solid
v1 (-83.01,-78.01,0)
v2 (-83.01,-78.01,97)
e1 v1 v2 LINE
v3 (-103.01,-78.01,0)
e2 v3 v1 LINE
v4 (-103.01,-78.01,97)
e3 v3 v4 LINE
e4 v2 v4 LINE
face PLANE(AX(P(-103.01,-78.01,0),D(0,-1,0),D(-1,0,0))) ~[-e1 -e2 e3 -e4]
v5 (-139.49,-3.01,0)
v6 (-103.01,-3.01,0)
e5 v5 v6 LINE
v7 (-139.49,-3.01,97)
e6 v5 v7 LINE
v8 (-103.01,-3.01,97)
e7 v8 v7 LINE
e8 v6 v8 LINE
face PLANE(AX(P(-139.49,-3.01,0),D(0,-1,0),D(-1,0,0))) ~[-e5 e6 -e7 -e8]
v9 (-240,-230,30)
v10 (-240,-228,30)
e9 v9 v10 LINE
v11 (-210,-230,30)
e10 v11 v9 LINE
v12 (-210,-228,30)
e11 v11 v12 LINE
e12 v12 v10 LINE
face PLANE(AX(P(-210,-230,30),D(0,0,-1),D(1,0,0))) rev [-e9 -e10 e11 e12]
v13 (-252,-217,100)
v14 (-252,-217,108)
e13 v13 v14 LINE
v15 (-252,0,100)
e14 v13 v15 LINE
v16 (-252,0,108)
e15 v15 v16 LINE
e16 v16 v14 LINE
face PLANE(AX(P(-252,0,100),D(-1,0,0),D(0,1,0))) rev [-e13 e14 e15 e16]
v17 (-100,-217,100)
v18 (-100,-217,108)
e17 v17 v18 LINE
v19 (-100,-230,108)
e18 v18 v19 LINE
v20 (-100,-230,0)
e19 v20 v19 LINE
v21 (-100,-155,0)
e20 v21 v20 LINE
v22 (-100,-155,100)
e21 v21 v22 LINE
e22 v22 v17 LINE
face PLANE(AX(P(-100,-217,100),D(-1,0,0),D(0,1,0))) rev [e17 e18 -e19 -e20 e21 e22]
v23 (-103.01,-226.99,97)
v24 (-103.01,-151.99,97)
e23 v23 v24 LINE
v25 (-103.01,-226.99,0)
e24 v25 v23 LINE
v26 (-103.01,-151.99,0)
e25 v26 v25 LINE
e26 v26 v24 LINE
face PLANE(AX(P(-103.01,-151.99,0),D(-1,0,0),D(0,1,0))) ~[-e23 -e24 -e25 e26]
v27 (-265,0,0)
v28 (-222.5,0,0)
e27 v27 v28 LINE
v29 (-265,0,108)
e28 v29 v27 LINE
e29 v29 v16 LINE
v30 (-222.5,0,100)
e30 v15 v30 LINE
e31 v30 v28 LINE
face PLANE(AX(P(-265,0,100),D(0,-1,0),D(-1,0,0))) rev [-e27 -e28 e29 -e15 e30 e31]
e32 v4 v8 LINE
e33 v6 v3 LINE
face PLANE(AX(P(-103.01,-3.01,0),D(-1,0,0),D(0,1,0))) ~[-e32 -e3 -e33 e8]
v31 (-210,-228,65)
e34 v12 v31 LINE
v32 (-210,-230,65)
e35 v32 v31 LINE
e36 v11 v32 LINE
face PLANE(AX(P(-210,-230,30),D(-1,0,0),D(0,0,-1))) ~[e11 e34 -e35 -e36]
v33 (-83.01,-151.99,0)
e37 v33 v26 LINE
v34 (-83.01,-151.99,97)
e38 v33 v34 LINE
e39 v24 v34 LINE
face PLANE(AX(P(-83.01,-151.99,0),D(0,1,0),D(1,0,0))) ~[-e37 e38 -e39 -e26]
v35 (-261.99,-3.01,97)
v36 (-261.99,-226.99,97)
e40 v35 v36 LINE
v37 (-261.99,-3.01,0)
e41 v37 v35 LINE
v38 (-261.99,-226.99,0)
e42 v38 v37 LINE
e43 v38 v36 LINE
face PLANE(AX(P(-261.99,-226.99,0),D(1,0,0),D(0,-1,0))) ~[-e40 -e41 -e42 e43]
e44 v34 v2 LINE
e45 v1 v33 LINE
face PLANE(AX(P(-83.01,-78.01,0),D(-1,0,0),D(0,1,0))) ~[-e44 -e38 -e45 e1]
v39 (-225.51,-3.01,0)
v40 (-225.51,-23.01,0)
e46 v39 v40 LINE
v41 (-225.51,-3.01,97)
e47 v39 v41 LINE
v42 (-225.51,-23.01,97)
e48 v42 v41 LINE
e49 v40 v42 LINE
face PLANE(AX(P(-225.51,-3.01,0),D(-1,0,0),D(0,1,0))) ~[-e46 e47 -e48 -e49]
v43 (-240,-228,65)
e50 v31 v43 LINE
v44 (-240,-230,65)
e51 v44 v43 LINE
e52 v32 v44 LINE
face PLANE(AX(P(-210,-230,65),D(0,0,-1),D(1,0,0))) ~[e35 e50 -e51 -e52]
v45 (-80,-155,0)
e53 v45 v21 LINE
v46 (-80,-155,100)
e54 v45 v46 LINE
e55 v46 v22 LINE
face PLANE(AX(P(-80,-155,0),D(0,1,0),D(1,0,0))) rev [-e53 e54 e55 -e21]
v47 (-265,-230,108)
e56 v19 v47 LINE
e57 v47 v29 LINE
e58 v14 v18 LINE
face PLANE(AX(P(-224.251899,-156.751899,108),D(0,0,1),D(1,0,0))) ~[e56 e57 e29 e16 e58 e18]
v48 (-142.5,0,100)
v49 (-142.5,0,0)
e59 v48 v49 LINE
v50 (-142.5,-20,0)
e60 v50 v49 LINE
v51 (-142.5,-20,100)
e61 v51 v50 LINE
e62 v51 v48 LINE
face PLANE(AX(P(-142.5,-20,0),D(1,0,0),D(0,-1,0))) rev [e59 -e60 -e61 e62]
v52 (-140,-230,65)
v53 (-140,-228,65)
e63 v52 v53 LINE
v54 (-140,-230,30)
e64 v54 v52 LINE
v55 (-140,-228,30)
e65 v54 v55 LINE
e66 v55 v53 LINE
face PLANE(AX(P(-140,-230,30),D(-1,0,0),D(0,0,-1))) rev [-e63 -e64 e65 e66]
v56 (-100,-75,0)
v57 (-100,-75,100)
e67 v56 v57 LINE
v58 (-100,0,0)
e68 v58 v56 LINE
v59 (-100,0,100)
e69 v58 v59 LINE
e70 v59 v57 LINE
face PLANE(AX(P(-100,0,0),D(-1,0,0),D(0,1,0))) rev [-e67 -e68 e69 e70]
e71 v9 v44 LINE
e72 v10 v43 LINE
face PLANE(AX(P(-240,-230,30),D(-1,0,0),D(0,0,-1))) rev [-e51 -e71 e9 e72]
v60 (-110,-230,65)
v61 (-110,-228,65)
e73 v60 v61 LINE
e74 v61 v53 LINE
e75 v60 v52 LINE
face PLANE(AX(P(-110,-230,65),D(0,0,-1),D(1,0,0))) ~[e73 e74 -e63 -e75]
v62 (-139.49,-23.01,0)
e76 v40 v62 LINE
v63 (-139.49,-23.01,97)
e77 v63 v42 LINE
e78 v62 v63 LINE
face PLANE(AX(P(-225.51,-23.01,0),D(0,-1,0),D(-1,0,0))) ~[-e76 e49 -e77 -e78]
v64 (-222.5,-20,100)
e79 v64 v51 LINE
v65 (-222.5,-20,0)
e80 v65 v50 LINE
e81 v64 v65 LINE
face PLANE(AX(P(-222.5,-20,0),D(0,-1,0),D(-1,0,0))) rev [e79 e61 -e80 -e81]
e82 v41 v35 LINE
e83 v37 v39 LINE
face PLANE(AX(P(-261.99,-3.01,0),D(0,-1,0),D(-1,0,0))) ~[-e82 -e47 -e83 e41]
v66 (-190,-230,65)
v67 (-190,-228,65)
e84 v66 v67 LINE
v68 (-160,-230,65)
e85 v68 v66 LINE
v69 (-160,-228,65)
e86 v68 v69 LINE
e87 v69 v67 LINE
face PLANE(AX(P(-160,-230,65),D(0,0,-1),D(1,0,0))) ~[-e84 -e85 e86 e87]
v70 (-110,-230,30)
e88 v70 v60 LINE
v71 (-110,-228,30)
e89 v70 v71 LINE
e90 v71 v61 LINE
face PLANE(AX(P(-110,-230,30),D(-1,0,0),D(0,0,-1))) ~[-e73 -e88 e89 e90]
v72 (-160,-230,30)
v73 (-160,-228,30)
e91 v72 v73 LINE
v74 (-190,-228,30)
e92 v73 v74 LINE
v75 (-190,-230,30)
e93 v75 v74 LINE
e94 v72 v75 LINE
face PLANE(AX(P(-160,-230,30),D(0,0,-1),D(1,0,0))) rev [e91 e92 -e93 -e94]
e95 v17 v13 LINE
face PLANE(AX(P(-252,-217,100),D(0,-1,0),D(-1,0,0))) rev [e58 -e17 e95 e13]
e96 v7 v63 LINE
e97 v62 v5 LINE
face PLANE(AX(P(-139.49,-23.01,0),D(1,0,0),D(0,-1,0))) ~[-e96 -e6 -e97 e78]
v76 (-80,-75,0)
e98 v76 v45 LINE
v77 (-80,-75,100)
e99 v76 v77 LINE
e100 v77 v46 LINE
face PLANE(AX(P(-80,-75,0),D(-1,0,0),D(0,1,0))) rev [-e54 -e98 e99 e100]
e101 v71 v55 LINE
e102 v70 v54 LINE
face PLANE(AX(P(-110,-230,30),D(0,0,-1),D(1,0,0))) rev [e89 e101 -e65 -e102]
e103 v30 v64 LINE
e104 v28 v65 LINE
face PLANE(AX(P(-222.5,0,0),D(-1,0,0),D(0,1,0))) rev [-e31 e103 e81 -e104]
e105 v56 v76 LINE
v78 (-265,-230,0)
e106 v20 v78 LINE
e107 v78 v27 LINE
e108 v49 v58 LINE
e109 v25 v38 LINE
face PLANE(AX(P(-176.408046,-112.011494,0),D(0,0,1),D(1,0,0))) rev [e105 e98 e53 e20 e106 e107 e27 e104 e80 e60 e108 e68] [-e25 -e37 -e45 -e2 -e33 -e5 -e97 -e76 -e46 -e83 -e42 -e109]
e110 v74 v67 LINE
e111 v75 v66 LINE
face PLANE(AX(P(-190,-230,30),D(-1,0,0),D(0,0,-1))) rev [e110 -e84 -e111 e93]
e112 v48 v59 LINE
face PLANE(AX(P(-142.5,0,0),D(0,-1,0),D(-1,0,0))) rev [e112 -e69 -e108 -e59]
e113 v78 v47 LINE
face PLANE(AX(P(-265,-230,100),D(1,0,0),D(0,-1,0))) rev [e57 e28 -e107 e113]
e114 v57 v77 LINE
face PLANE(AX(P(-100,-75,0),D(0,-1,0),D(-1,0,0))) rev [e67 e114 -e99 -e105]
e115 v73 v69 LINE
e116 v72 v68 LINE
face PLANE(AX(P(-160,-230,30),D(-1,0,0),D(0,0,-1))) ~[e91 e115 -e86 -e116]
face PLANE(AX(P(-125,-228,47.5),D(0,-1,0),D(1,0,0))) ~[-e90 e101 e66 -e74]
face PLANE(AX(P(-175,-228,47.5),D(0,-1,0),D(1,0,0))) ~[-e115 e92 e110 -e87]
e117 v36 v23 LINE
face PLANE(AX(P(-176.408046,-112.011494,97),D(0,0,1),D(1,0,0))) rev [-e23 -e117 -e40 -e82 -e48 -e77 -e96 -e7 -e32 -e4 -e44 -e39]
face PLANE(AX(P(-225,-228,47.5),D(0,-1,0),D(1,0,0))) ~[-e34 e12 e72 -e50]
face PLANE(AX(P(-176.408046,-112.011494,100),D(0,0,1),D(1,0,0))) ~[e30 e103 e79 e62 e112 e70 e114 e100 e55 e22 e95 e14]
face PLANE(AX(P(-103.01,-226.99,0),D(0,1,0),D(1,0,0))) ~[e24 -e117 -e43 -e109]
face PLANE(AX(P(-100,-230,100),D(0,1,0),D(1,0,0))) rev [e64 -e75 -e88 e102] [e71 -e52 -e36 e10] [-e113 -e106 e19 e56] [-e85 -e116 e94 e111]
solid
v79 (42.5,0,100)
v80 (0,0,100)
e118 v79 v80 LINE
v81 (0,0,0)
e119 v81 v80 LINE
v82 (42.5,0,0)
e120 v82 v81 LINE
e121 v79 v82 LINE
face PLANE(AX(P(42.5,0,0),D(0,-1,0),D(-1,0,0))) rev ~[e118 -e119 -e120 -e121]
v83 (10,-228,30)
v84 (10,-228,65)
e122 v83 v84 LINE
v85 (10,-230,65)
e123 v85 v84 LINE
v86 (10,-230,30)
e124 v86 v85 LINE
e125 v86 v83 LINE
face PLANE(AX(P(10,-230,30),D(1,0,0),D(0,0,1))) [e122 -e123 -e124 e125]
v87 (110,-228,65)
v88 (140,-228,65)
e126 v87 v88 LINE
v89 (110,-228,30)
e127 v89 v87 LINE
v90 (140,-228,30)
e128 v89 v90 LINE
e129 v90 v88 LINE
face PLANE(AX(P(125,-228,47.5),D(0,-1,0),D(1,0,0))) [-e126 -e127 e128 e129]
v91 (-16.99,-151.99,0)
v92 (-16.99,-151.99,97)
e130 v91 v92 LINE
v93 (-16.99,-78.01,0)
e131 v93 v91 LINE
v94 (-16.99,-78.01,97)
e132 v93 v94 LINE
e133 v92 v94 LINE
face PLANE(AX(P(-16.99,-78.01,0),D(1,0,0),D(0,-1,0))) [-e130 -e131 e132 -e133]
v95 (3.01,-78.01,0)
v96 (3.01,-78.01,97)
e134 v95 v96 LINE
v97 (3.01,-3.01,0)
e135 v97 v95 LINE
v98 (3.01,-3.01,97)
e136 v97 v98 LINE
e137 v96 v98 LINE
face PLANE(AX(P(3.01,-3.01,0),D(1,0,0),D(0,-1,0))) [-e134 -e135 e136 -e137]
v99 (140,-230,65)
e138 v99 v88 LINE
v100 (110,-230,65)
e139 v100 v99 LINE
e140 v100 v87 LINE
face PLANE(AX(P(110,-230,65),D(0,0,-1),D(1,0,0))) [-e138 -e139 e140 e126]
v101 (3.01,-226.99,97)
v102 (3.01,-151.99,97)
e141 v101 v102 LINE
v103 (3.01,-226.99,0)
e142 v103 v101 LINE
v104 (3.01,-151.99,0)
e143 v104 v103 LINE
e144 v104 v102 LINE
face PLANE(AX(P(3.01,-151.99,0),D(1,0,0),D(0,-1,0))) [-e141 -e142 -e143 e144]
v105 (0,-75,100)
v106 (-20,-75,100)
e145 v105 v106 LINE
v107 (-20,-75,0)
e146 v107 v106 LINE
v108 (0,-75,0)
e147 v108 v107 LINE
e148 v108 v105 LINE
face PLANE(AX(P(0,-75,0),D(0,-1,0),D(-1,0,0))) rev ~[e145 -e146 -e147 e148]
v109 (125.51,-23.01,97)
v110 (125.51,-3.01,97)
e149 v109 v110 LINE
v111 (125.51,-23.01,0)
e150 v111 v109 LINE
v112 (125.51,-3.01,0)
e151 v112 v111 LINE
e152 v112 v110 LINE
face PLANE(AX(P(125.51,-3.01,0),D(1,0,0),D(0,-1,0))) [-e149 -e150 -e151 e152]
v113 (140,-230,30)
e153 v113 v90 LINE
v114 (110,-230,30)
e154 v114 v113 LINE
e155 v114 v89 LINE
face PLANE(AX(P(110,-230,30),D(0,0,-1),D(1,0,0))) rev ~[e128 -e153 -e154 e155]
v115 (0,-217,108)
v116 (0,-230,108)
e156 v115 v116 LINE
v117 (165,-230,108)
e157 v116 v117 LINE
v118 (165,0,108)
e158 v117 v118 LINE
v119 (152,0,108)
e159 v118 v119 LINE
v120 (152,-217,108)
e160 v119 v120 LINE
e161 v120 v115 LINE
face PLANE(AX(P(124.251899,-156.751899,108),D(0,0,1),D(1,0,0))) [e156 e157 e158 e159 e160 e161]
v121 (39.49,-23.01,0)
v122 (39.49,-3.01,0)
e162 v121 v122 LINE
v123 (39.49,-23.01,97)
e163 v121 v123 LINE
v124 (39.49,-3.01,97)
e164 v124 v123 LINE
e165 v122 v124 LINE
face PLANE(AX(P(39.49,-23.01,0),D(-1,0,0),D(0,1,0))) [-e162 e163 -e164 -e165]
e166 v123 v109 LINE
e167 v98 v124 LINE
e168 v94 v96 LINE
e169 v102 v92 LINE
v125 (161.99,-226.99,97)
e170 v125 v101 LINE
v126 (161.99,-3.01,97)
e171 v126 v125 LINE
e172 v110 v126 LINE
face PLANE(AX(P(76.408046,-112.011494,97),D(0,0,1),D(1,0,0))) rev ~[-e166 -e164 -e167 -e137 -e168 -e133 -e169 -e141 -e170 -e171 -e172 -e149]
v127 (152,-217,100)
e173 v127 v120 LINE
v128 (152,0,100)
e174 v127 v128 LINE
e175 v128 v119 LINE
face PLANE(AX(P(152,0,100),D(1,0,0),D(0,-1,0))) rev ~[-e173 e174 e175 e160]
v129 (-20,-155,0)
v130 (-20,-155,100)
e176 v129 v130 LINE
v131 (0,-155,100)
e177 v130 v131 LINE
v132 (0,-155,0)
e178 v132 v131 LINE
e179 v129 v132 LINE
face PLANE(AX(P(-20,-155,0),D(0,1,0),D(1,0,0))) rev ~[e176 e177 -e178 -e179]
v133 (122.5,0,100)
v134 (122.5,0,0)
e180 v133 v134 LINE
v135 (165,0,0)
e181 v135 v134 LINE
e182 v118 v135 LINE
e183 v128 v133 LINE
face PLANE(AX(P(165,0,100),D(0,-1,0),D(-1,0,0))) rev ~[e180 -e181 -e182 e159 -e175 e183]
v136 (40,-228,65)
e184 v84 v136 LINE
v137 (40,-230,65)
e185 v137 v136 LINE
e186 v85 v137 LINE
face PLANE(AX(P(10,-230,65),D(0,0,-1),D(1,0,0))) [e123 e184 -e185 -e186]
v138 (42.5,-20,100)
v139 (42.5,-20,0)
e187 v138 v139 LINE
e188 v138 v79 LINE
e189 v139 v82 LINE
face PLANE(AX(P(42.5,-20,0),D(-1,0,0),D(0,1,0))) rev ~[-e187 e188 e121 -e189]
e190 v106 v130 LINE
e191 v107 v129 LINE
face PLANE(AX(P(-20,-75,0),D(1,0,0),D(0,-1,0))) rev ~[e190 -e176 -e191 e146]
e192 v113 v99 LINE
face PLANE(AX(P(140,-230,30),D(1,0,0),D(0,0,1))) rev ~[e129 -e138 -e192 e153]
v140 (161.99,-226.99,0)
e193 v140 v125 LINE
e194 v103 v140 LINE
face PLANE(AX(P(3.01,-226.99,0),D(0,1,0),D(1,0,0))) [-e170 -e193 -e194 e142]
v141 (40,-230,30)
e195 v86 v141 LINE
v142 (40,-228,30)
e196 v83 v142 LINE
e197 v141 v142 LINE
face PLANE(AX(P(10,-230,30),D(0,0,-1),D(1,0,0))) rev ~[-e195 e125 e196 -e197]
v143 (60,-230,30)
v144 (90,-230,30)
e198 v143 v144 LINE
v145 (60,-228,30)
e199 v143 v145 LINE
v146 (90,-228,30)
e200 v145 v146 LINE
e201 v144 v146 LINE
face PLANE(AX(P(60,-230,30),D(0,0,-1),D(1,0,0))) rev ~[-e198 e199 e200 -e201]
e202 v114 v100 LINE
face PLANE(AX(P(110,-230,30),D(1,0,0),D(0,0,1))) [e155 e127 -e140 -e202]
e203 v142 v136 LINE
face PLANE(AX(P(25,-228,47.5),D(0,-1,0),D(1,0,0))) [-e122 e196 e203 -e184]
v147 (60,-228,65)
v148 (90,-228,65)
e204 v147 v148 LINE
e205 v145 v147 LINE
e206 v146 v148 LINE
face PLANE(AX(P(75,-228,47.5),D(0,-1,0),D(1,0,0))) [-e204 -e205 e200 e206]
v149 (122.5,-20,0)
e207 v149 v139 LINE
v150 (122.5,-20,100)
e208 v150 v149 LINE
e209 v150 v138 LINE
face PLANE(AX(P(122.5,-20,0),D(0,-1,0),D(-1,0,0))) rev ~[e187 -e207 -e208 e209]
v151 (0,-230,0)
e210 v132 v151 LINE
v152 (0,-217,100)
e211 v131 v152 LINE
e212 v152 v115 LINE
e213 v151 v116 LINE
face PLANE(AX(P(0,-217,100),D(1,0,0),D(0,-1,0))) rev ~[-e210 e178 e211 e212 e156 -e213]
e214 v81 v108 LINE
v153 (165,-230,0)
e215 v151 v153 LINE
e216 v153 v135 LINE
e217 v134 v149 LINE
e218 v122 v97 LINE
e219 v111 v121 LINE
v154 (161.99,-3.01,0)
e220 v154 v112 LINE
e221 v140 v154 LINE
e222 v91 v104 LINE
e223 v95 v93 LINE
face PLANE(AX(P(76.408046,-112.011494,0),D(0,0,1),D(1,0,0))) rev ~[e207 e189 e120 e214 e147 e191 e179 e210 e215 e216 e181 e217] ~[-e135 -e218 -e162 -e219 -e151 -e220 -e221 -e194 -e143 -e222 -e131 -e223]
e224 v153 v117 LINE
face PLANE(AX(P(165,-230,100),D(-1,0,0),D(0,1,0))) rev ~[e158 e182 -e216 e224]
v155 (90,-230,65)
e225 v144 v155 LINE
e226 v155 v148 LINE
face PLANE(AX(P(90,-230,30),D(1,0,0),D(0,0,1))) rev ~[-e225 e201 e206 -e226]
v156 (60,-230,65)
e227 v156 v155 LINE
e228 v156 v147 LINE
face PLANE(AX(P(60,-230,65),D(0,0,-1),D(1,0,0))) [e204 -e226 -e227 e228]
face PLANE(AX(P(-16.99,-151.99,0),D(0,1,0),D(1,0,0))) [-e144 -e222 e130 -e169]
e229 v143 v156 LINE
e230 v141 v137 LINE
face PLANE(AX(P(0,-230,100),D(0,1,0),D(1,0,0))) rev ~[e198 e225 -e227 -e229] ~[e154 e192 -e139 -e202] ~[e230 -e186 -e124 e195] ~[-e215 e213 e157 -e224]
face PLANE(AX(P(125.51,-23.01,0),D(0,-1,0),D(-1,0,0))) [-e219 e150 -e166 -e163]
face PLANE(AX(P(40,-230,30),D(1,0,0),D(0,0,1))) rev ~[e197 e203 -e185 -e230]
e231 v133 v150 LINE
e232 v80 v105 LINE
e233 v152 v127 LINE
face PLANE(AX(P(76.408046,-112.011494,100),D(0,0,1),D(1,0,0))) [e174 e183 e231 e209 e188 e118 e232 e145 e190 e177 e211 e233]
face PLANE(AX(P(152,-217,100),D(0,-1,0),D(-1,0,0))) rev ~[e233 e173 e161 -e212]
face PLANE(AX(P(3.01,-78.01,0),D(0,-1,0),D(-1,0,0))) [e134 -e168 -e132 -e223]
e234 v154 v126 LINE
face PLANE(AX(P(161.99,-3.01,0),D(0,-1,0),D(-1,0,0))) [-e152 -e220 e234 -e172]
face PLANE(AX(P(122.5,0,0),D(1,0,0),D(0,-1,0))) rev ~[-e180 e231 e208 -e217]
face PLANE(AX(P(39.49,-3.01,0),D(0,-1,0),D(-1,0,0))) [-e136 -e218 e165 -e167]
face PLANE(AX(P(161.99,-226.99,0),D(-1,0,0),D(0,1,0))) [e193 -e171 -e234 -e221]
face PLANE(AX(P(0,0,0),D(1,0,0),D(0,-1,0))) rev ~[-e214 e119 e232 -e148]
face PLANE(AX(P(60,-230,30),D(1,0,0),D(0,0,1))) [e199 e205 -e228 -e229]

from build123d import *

# Parameters (mm, degrees)
F1_DEPTH  = 100
F3_DEPTH  = 3
F5_DEPTH  = 8
F6_W      = 30
F6_H      = 35
F7_DEPTH  = 1
F10_DEPTH = 100
F11_W     = 30
F11_H     = 35
F12_DEPTH = 2


with BuildPart() as f1:
    # F0 (on Top) → F1 (new body)
    with BuildSketch(Plane.XY):
        Polygon((42.5, 0), (0, 0), (0, -75), (-20, -75), (-20, -155), (0, -155), (0, -230), (165, -230), (165, 0), (122.5, 0), (122.5, -20), (42.5, -20), align=None)
        Polygon((2.499993, -227.500007), (2.499993, -152.500007), (-17.500007, -152.500007), (-17.500007, -77.499993), (2.499993, -77.499993), (2.499993, -2.499993), (40.000007, -2.499993), (40.000007, -22.499993), (124.999993, -22.499993), (124.999993, -2.499993), (162.500007, -2.499993), (162.500007, -227.500007), align=None, mode=Mode.SUBTRACT)
    extrude(amount=F1_DEPTH)

    # F2 (on face) → F3 (join)
    with BuildSketch(Plane.XY.offset(100)):
        Polygon((0, -155), (0, -230), (165, -230), (165, 0), (122.5, 0), (122.5, -20), (42.5, -20), (42.5, 0), (0, 0), (0, -75), (-20, -75), (-20, -155), align=None)
    extrude(amount=-F3_DEPTH)

    # F4 (on face) → F5 (join)
    with BuildSketch(Plane.XY.offset(100)):
        Polygon((0, -217), (0, -230), (165, -230), (165, -217), (165, 0), (152, 0), (152, -217), align=None)
    extrude(amount=F5_DEPTH)

    # F6 (on face) → F7 (cut)
    with BuildSketch(Plane.YZ.offset(165)):
        with Locations((-25, 47.5)):
            Rectangle(F6_W, F6_H)
        with Locations((-75, 47.5)):
            Rectangle(F6_W, F6_H)
        with Locations((-125, 47.5)):
            Rectangle(F6_W, F6_H)
        with Locations((-175, 47.5)):
            Rectangle(F6_W, F6_H)
    extrude(amount=-F7_DEPTH, mode=Mode.SUBTRACT)

    # F8 (on face) → F10 (join)
    with BuildSketch(Plane(origin=(0, 0, 0), x_dir=(1, 0, 0), z_dir=(0, 0, -1))):
        Polygon((165, 230), (0, 230), (0, 155), (-20, 155), (-20, 75), (0, 75), (0, 0), (42.5, 0), (42.5, 20), (122.5, 20), (122.5, 0), (165, 0), align=None)
        Polygon((3.01, 226.99), (161.99, 226.99), (161.99, 3.01), (125.51, 3.01), (125.51, 23.01), (39.49, 23.01), (39.49, 3.01), (3.01, 3.01), (3.01, 78.01), (-16.99, 78.01), (-16.99, 151.99), (3.01, 151.99), align=None, mode=Mode.SUBTRACT)
    extrude(amount=-F10_DEPTH)

    # F11 (on face) → F12 (cut)
    with BuildSketch(Plane.XZ.offset(230)):
        with Locations((25, 47.5)):
            Rectangle(F11_W, F11_H)
        with Locations((75, 47.5)):
            Rectangle(F11_W, F11_H)
        with Locations((125, 47.5)):
            Rectangle(F11_W, F11_H)
    extrude(amount=-F12_DEPTH, mode=Mode.SUBTRACT)


with BuildPart() as f13_1:
    # F13: instance of F1
    add(f1.part.mirror(Plane.YZ.offset(-50)))


solid = Compound([f1.part, f13_1.part])
